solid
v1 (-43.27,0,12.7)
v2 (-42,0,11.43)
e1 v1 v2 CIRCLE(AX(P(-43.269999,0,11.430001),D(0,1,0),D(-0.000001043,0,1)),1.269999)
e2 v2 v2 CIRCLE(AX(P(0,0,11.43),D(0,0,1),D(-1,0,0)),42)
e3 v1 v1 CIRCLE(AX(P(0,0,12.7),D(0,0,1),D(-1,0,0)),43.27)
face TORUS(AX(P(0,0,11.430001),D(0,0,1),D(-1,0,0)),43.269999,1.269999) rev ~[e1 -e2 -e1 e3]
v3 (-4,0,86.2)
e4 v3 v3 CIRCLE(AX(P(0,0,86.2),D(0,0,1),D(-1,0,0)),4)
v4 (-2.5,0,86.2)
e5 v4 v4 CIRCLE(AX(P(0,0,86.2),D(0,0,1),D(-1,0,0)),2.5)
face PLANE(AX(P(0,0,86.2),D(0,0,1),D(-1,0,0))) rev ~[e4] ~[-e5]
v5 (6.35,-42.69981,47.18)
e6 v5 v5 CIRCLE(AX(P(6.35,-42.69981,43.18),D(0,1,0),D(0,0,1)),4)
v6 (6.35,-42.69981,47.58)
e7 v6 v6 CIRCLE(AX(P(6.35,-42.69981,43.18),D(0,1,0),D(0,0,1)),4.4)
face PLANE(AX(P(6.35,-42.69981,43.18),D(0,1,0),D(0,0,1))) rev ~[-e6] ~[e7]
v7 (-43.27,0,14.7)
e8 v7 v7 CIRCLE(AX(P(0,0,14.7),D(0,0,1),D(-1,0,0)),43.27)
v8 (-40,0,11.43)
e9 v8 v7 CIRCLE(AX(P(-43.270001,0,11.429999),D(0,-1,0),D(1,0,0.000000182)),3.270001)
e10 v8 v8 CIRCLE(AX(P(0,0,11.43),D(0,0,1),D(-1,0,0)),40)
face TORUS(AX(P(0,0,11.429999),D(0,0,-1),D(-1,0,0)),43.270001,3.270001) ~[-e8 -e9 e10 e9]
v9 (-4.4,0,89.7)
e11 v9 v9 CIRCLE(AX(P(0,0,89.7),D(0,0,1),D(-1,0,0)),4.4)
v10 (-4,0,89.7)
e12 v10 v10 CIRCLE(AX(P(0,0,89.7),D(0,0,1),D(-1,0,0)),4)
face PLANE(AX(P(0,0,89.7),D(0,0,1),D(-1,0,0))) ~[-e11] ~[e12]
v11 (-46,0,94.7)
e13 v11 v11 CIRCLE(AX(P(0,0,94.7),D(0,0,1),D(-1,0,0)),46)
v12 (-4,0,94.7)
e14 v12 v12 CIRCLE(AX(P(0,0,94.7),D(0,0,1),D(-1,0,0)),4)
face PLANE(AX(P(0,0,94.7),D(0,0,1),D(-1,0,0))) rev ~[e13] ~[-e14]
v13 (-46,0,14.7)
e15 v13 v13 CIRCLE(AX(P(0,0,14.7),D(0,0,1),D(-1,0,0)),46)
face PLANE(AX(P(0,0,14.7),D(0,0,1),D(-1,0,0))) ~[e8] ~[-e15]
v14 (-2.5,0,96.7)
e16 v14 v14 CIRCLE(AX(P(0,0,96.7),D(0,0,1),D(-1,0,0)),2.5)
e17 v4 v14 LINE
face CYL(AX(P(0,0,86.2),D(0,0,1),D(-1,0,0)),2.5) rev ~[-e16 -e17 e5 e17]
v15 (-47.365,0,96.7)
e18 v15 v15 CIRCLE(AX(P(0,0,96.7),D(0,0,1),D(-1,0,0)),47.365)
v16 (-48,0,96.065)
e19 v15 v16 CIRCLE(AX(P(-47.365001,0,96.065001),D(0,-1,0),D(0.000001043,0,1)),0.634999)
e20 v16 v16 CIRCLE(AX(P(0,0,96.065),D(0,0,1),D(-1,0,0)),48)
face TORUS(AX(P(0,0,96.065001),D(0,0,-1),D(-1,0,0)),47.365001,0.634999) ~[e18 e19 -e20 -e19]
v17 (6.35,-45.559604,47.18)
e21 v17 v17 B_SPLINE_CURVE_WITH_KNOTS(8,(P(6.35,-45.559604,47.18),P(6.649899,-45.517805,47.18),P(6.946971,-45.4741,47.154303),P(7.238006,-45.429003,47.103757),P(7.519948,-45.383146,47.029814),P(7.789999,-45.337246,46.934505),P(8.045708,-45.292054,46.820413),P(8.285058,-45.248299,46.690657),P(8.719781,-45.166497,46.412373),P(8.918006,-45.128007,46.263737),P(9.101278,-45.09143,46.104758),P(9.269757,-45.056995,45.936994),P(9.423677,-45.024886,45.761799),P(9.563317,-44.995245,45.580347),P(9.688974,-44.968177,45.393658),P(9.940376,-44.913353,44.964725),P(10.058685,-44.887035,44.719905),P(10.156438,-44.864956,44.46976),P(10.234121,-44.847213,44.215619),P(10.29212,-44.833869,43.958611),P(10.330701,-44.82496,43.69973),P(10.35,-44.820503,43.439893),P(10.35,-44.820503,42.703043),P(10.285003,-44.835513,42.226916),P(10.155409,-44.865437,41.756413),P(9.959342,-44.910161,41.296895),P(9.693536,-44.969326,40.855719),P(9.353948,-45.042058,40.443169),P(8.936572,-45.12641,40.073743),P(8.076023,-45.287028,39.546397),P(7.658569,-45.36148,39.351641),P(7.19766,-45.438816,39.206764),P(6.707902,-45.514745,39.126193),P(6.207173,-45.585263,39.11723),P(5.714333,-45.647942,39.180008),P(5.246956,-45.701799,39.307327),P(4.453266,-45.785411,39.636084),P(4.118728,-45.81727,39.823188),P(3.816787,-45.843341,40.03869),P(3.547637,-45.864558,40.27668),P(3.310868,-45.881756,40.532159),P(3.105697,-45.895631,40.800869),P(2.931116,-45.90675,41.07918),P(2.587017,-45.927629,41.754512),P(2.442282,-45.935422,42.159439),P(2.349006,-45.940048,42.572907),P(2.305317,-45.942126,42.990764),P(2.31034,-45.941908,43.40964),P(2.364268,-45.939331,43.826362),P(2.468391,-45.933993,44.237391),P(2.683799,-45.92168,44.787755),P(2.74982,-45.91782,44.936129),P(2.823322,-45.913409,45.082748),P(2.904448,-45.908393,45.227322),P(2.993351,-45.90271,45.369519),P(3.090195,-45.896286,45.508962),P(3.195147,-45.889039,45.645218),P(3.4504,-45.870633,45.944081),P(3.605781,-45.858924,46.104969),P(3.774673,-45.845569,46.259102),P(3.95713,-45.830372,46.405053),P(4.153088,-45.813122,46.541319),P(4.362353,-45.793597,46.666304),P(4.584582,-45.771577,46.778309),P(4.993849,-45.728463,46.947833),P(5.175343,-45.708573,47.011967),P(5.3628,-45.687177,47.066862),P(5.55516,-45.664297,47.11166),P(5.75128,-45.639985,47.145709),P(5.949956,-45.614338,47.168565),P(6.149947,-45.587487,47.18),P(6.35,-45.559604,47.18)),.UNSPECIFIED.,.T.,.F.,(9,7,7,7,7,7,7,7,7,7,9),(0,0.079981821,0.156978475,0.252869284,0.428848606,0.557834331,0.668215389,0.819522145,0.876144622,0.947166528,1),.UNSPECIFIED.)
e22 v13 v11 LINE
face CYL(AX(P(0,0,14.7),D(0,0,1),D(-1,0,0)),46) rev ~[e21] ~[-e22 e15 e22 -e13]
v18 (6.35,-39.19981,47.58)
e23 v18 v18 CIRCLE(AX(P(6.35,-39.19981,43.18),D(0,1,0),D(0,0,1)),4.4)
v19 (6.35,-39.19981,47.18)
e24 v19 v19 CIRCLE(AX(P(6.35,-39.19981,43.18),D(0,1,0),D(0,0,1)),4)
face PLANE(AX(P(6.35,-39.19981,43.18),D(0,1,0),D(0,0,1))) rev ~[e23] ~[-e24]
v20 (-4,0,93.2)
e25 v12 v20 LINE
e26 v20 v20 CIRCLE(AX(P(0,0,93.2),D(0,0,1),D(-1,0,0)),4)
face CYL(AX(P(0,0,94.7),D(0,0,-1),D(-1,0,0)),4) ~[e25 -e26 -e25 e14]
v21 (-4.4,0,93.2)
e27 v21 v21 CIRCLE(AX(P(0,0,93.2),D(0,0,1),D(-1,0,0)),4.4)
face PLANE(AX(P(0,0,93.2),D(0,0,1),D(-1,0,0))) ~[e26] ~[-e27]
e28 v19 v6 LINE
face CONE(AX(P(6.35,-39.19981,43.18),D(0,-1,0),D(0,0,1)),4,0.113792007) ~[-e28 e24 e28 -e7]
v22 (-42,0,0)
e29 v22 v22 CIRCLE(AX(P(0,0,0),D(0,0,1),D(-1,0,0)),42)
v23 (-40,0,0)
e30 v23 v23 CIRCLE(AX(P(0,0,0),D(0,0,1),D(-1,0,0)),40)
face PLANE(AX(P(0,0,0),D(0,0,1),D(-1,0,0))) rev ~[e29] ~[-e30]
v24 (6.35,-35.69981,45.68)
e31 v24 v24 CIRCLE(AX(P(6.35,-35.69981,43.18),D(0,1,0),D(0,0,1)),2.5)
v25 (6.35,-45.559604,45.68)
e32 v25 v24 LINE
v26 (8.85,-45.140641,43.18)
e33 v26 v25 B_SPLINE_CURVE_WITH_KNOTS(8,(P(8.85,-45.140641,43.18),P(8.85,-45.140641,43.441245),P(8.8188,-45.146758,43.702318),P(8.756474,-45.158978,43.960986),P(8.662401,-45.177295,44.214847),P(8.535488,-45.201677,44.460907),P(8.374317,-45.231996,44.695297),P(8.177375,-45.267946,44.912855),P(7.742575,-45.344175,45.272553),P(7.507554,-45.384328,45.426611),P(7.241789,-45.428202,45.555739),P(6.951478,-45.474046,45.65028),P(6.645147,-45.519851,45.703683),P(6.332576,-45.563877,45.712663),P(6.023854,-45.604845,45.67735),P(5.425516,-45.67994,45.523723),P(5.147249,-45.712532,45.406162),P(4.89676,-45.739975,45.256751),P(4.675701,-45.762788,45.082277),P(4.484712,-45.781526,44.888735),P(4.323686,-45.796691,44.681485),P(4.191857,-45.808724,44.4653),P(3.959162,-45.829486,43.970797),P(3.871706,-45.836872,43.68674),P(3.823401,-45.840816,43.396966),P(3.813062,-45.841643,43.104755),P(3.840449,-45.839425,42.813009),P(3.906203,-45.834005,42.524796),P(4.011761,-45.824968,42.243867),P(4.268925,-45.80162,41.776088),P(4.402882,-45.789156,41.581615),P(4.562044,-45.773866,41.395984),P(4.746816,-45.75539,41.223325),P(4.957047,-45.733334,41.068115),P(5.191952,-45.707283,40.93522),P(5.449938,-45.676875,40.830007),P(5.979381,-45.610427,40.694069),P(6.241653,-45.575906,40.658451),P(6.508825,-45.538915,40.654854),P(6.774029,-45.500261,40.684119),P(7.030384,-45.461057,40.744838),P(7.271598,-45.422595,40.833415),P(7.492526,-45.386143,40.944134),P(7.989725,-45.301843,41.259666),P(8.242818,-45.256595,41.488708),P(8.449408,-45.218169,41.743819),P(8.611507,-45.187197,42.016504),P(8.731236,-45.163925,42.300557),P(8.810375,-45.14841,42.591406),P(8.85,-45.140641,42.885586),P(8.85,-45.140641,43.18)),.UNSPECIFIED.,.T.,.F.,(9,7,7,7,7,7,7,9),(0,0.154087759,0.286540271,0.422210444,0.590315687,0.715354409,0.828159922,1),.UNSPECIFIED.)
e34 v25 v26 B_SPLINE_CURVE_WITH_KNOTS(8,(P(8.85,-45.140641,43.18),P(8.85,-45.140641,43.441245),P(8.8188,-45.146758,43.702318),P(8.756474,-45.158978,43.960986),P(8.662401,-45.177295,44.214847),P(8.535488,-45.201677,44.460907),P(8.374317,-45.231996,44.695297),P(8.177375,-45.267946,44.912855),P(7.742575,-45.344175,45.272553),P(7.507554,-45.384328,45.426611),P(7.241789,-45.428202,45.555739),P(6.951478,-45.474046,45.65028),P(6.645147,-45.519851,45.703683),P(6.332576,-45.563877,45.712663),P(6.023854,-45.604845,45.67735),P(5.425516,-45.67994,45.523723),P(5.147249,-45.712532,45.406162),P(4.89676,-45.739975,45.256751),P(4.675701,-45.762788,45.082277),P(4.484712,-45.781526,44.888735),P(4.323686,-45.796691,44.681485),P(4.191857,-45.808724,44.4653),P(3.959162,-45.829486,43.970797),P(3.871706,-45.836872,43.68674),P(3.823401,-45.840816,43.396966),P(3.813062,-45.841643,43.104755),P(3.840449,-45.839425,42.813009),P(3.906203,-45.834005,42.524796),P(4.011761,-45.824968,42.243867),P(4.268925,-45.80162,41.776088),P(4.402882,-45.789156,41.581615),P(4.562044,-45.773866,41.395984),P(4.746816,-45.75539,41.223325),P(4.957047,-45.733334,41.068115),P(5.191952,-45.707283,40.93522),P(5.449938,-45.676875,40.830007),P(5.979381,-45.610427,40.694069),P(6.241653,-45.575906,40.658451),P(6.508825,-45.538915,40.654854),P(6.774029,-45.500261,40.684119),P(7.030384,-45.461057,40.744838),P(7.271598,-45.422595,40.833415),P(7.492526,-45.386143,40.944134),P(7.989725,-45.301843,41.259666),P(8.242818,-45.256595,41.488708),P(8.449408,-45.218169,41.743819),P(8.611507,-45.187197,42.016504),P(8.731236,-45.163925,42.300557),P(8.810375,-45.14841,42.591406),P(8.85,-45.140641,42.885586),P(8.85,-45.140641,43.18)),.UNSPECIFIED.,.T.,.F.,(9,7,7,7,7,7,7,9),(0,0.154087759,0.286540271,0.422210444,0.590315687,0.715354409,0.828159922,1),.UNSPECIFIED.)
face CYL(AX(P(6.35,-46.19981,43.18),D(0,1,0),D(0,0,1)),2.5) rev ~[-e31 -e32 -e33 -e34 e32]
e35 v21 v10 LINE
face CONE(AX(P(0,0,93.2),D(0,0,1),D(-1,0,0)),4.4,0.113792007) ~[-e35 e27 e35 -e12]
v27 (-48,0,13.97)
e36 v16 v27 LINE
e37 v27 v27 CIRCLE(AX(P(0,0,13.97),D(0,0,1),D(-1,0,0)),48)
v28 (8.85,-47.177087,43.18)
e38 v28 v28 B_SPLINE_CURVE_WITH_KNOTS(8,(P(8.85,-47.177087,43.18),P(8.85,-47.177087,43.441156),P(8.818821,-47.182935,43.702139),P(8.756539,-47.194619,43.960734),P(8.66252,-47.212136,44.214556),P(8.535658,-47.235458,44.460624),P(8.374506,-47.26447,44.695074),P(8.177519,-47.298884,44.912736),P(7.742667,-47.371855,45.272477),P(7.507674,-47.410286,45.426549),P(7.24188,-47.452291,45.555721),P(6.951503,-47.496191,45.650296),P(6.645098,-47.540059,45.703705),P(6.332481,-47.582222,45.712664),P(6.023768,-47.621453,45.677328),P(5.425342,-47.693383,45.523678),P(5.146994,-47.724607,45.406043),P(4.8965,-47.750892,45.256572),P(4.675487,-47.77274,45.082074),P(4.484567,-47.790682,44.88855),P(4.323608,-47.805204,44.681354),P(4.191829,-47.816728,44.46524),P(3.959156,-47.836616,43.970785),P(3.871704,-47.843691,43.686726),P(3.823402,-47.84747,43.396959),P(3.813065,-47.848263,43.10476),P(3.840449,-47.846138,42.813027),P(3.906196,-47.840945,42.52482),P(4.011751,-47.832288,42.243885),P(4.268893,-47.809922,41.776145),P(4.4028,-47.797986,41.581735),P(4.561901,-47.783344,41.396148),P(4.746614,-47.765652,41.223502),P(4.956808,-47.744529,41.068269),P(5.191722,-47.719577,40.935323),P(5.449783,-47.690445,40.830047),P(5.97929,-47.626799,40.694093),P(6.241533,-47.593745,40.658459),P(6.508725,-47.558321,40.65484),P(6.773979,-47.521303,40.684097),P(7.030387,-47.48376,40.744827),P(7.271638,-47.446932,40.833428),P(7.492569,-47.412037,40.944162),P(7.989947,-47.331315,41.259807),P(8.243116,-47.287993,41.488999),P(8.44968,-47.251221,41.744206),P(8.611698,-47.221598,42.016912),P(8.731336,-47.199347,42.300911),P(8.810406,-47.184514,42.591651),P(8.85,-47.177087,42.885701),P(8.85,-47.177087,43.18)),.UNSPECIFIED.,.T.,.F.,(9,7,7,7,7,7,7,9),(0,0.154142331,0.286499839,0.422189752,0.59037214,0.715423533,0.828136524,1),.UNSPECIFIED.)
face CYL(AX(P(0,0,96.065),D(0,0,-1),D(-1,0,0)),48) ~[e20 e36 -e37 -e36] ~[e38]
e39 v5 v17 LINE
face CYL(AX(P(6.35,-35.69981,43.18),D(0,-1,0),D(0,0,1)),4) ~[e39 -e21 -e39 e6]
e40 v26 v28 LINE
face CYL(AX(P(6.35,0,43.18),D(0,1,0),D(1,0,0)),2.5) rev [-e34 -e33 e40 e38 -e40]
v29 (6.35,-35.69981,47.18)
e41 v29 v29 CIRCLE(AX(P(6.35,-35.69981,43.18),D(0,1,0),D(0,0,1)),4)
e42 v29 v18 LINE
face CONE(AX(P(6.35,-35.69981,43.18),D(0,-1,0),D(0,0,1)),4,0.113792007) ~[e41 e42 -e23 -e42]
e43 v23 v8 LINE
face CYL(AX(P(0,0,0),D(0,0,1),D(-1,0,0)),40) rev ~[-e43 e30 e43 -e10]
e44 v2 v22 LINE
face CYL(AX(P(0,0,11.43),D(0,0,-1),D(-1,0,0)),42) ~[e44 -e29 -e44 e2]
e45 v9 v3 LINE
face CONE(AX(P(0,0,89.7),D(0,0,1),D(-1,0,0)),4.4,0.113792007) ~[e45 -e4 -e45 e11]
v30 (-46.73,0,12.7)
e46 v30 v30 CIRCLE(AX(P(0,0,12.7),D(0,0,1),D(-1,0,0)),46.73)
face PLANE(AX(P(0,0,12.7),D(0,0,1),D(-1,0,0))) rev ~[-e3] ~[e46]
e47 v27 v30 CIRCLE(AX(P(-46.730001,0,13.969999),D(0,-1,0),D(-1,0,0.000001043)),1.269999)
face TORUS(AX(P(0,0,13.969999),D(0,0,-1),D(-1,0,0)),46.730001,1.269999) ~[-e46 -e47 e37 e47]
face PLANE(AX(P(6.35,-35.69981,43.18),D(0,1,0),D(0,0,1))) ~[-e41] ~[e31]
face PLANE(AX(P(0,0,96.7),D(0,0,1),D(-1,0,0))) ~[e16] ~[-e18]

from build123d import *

# Parameters (mm, degrees)
F3_R     = 2.5
F4_DEPTH = 76.2


with BuildPart() as f2:
    # F0 (on Front) → F2 (revolve)
    with BuildSketch(Plane.XZ):
        with BuildLine():
            Line((-42, 11.43), (-42, 0))
            Line((-42, 0), (-40, 0))
            Line((-40, 0), (-40, 11.43))
            ThreePointArc((-40, 11.43), (-40.957761, 13.742239), (-43.27, 14.7))
            Line((-43.27, 14.7), (-46, 14.7))
            Line((-46, 14.7), (-46, 94.7))
            Line((-46, 94.7), (-4, 94.7))
            Line((-4, 94.7), (-4, 93.2))
            Line((-4, 93.2), (-4.4, 93.2))
            Line((-4.4, 93.2), (-4, 89.7))
            Line((-4, 89.7), (-4.4, 89.7))
            Line((-4.4, 89.7), (-4, 86.2))
            Line((-4, 86.2), (-2.5, 86.2))
            Line((-2.5, 86.2), (-2.5, 96.7))
            Line((-2.5, 96.7), (-47.365, 96.7))
            ThreePointArc((-47.365, 96.7), (-47.814013, 96.514013), (-48, 96.065))
            Line((-48, 96.065), (-48, 13.97))
            ThreePointArc((-48, 13.97), (-47.628026, 13.071974), (-46.73, 12.7))
            Line((-46.73, 12.7), (-43.27, 12.7))
            ThreePointArc((-43.27, 12.7), (-42.371974, 12.328026), (-42, 11.43))
        make_face()
    revolve(axis=Axis((0, 0, 51.843766), (0, 0, 1)))

    # F3 (on Front) → F4 (cut)
    with BuildSketch(Plane.XZ):
        with Locations((6.35, 43.18)):
            Circle(F3_R)
    extrude(amount=F4_DEPTH, mode=Mode.SUBTRACT)

    # F7 (on offset) → F8 (revolve)
    with BuildSketch(Plane.YZ.offset(6.35)):
        Polygon((-42.69981, 47.18), (-46.19981, 47.18), (-46.19981, 45.68), (-35.69981, 45.68), (-35.69981, 47.18), (-39.19981, 47.18), align=None)
        Polygon((-42.69981, 47.58), (-42.69981, 47.18), (-39.19981, 47.18), align=None)
        Polygon((-39.19981, 47.58), (-39.19981, 47.18), (-35.69981, 47.18), align=None)
    revolve(axis=Axis((6.35, -16.508139, 43.18), (0, 1, 0)))


solid = f2.part
